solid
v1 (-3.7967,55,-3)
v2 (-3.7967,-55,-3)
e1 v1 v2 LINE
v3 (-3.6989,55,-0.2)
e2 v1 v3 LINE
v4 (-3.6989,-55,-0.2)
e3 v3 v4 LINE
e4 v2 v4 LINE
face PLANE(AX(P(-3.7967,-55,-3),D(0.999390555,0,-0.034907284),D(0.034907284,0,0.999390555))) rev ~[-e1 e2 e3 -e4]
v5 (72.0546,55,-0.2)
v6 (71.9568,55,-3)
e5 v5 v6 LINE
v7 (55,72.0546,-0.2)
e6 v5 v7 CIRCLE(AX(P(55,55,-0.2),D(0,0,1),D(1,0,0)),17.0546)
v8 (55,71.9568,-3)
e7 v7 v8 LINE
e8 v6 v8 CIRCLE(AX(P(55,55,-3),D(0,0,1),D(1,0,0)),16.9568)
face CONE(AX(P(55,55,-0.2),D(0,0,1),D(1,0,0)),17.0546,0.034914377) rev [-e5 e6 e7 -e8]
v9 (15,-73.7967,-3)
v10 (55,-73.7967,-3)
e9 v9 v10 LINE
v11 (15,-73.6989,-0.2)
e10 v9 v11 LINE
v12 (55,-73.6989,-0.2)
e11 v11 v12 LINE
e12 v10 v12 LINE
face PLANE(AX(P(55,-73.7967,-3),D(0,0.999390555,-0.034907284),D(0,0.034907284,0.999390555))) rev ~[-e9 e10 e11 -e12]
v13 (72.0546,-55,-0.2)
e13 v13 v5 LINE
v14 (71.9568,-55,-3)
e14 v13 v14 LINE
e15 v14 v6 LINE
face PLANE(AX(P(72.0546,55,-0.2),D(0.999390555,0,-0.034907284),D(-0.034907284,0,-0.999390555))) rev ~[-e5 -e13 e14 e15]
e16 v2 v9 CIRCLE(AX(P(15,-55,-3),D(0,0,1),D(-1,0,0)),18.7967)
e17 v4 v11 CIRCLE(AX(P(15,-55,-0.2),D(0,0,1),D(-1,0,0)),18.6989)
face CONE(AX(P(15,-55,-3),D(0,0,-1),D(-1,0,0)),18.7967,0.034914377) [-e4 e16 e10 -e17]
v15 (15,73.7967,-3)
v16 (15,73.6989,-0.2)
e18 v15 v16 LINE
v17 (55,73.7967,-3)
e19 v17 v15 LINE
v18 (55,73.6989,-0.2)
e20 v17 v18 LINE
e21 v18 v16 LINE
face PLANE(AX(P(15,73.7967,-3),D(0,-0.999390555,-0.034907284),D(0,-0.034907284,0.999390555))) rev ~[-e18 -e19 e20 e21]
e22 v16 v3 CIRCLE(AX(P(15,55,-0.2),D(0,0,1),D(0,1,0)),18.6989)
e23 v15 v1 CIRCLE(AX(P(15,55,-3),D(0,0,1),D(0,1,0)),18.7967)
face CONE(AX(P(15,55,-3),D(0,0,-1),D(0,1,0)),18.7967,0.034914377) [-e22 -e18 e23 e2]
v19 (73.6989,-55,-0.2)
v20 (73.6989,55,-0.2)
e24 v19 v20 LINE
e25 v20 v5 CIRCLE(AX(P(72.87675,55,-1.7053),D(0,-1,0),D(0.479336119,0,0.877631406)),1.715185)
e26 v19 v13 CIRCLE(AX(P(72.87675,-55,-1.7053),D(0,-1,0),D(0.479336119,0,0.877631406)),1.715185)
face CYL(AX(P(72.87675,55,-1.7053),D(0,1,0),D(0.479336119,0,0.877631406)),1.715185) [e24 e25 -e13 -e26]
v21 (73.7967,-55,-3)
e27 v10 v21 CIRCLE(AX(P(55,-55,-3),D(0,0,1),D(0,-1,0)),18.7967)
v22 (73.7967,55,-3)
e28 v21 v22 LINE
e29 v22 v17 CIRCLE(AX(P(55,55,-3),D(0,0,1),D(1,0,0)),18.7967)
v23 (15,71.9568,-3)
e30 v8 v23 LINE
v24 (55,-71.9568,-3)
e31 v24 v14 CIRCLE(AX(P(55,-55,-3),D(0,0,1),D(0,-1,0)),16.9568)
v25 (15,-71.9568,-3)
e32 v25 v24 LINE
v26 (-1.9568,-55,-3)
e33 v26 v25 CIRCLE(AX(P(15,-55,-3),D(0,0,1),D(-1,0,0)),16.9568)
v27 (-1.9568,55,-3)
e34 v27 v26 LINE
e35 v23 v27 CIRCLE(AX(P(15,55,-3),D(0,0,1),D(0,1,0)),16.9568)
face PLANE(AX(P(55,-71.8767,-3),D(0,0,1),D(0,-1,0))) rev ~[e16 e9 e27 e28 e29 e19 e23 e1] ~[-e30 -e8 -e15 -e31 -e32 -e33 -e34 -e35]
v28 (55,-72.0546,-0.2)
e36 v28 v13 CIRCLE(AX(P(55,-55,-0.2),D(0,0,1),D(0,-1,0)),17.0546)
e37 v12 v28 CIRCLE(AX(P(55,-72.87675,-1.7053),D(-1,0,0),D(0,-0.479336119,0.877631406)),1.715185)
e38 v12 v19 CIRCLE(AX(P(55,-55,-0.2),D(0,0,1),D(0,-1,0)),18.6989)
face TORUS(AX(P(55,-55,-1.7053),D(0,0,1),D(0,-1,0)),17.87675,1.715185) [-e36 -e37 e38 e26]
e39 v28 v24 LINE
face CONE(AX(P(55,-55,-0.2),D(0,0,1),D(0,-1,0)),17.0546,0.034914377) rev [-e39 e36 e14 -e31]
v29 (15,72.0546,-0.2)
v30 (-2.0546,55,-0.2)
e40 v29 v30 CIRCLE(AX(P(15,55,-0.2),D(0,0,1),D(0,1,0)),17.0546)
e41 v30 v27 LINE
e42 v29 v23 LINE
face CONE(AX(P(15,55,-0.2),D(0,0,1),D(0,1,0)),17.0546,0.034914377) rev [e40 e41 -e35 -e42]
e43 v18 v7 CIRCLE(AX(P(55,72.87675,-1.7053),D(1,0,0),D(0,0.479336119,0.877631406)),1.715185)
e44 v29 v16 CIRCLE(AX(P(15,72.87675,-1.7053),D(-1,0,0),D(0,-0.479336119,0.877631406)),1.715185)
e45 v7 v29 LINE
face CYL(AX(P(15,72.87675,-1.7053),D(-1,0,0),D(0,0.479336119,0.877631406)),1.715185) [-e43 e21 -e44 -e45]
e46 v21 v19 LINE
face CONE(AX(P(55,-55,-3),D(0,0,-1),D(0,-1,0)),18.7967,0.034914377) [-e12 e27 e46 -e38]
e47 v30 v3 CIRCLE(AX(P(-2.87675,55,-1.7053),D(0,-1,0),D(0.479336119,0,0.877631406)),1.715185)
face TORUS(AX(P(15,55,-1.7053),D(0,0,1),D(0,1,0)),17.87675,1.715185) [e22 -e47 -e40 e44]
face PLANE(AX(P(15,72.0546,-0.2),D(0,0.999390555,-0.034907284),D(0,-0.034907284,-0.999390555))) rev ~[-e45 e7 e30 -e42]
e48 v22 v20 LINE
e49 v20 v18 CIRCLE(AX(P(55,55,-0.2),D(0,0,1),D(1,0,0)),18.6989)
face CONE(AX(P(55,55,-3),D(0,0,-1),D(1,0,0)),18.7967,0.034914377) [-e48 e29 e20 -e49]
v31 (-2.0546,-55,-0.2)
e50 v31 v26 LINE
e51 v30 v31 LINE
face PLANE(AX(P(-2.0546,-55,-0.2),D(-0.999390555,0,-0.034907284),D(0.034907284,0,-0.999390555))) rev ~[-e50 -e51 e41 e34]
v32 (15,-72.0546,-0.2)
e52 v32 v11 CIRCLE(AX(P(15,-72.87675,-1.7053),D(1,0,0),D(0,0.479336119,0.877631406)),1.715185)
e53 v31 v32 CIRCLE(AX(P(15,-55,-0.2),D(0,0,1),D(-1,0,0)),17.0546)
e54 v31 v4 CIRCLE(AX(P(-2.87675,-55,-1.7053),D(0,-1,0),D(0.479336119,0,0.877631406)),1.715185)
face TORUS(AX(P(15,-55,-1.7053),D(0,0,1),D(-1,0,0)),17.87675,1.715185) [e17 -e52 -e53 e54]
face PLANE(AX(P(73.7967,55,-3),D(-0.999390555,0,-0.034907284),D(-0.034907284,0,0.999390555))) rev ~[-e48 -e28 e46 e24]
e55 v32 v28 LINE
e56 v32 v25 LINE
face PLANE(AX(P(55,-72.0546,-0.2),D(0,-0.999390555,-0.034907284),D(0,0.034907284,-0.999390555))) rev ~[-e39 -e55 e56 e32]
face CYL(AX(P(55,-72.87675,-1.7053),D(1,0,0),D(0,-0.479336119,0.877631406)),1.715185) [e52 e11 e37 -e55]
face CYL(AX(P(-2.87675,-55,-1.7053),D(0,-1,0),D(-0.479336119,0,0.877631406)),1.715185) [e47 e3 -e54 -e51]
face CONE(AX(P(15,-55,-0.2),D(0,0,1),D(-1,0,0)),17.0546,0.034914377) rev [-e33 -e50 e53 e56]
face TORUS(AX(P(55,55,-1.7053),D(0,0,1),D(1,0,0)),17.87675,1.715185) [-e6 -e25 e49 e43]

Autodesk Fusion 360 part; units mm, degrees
sketch "Sketch1" plane through (0, 0, 0) normal (0, 1, 0) x (1, 0, 0)
  line L0 (-4, 12.7291) -> (-4, 24.6266)
  line L1 (0, 24.6266) -> (0, 12.7291)
  line L2 (-1.1892, 37.3052) -> (1, 42)
  line L3 (2.436, 35.6147) -> (2.4713, 35.6905)
  line L4 (35, 38) -> (6.0966, 38)
  line L5 (1, 6.3908) -> (1, 42)
  line L6 (1, 42) -> (35, 42)
  line L7 (35, 42) -> (35, 38)
  arc A0 (-1.1892, 37.3052) -> (-4, 24.6266) centre (26, 24.6266) ccw
  arc A1 (2.436, 35.6147) -> (0, 24.6266) centre (26, 24.6266) ccw
  arc A2 (6.0966, 38) -> (2.4713, 35.6905) centre (6.0966, 34) ccw
  line L8 (0, 12.7291) -> (0, 0)
  line L9 (0, 0) -> (-4, 0)
  line L10 (-4, 0) -> (-4, 12.7291)
  line L11 (-2.8767, 0) -> (-2.8767, -1.8)
  line L12 (-2.8767, 0) -> (-2.8767, 1.8)
  line L13 (-2.8767, -1.8) -> (-1.3767, 0)
  line L14 (-2.8767, 1.8) -> (-1.3767, 0)
  line L15 (-2.8767, 1.8) -> (-4.3767, 0)
  line L16 (-2.8767, -1.8) -> (-4.3767, 0)
  line L17 (-2.8767, -1.6438) -> (-4.2999, 0.064)
  line L18 (-2.8767, -1.6438) -> (-1.4535, 0.064)
  line L19 (-4, 0) -> (-6, 0)
  line L20 (-6, 0) -> (-6, 2.7)
  line L21 (-4, 1.5) -> (-4, 0)
  line L22 (-5.5915, 4.0695) -> (-4, 6.5)
  arc A3 (-5.5915, 4.0695) -> (-6, 2.7) centre (-3.5, 2.7) ccw
  line L23 (-1.3827, 0) -> (-4.3827, 0)
  line L24 (-4.3827, 0) -> (-1.3636, 0) construction
  line L25 (-3.8767, 0) -> (-1.8767, 0)
  line L26 (-1.8767, 0) -> (-1.8767, 3)
  line L27 (-1.8767, 3) -> (-3.8767, 3)
  line L28 (-3.8767, 3) -> (-3.8767, 0)
  line L29 (-1.8767, 3) -> (-1.9572, 0.6965)
  line L30 (-1.8767, 3) -> (0.4282, 3) construction
  line L31 (-3.8767, 3) -> (-3.7963, 0.6965)
  dimension "d5" = 4
  dimension "d6" = 30
  dimension "d7" = 26
  dimension "d8" = 4
  dimension "d9" = 1.8
  dimension "d10" = 1.8
  dimension "d11" = 1.5
  dimension "d12" = 1.5
  dimension "d13" = 0.1
  dimension "d30" = 4
  dimension "d33" = 4
  dimension "d36" = 5
  dimension "d38" = 35
  dimension "d60" = 25
  dimension "d113" = 2
  dimension "d115" = 2.5
  dimension "d126" = 6.5
  dimension "d334" = 4
  dimension "d335" = 38
  dimension "d486" = 1
  dimension "d487" = 1
  dimension "d488" = 3
  dimension "d489" = 2.8767
  dimension "d490" = 92
  dimension "d491" = 88
sketch "Sketch2" plane through (0, 0, 0) normal (0, 0, 1) x (1, 0, 0)
  line L0 (15, 70) -> (55, 70)
  line L1 (70, 55) -> (70, -55)
  line L2 (55, -70) -> (15, -70)
  line L3 (0, -55) -> (0, 55)
  arc A0 (15, 70) -> (0, 55) centre (15, 55) ccw
  arc A1 (70, 55) -> (55, 70) centre (55, 55) ccw
  arc A2 (55, -70) -> (70, -55) centre (55, -55) ccw
  arc A3 (0, -55) -> (15, -70) centre (15, -55) ccw
  dimension "d14" = 15
  dimension "d15" = 15
  dimension "d16" = 15
  dimension "d17" = 15
  dimension "d39" = 70
  dimension "d40" = 140
sketch "Sketch24" plane through (0, 0, 0) normal (0, 1, 0) x (1, 0, 0)
  line L0 (-1.8767, 3) -> (-3.8767, 3)
  line L1 (-3.7967, 3) -> (-3.6989, 0.2)
  line L2 (-4.3827, 0) -> (-1.3636, 0)
  line L3 (-3.6989, 0.2) -> (-2.0546, 0.2)
  line L4 (-2.0546, 0.2) -> (-1.9568, 3)
  line L5 (-1.9568, 3) -> (-3.7967, 3)
  line L6 (-3.8767, 3) -> (-3.7963, 0.6965)
  line L7 (-1.8767, 3) -> (-1.9572, 0.6965)
  arc A0 (-3.6989, 0.2) -> (-2.0546, 0.2) centre (-2.8767, 1.7053) ccw
  dimension "d493" = 0.08
  dimension "d494" = 0.08
  dimension "d495" = 2.8
  dimension "d538" = 1.7152
sweep "Sweep4" add profiles "Sketch24" path "Sketch2" along A0 L0 A1 L1 A2 L2 A3 L3 section 1
equation "d5 = Twall"
equation "d6 = Rbase"
equation "d7 = Rbase - Twall"
equation "d14 = Rcorner"
equation "d15 = Rcorner"
equation "d16 = Rcorner"
equation "d17 = Rcorner"
equation "Twall = 4 mm"
equation "length = 140 mm"
equation "width = 70 mm"
equation "height = 38 mm"
equation "Rcorner = 15 mm"
equation "Rbase = 30 mm"
equation "d30 = Twall"
equation "d33 = Twall"
equation "d36 = base_inset"
equation "base_inset = 5 mm"
equation "d38 = width * 0.5"
equation "d39 = width"
equation "d40 = length"
equation "d60 = base_ang"
equation "base_ang = 25 deg"
equation "d334 = Twall"
equation "d335 = height"
equation "d495 = oringHeight"
equation "oringHeight = 2.8 mm"
